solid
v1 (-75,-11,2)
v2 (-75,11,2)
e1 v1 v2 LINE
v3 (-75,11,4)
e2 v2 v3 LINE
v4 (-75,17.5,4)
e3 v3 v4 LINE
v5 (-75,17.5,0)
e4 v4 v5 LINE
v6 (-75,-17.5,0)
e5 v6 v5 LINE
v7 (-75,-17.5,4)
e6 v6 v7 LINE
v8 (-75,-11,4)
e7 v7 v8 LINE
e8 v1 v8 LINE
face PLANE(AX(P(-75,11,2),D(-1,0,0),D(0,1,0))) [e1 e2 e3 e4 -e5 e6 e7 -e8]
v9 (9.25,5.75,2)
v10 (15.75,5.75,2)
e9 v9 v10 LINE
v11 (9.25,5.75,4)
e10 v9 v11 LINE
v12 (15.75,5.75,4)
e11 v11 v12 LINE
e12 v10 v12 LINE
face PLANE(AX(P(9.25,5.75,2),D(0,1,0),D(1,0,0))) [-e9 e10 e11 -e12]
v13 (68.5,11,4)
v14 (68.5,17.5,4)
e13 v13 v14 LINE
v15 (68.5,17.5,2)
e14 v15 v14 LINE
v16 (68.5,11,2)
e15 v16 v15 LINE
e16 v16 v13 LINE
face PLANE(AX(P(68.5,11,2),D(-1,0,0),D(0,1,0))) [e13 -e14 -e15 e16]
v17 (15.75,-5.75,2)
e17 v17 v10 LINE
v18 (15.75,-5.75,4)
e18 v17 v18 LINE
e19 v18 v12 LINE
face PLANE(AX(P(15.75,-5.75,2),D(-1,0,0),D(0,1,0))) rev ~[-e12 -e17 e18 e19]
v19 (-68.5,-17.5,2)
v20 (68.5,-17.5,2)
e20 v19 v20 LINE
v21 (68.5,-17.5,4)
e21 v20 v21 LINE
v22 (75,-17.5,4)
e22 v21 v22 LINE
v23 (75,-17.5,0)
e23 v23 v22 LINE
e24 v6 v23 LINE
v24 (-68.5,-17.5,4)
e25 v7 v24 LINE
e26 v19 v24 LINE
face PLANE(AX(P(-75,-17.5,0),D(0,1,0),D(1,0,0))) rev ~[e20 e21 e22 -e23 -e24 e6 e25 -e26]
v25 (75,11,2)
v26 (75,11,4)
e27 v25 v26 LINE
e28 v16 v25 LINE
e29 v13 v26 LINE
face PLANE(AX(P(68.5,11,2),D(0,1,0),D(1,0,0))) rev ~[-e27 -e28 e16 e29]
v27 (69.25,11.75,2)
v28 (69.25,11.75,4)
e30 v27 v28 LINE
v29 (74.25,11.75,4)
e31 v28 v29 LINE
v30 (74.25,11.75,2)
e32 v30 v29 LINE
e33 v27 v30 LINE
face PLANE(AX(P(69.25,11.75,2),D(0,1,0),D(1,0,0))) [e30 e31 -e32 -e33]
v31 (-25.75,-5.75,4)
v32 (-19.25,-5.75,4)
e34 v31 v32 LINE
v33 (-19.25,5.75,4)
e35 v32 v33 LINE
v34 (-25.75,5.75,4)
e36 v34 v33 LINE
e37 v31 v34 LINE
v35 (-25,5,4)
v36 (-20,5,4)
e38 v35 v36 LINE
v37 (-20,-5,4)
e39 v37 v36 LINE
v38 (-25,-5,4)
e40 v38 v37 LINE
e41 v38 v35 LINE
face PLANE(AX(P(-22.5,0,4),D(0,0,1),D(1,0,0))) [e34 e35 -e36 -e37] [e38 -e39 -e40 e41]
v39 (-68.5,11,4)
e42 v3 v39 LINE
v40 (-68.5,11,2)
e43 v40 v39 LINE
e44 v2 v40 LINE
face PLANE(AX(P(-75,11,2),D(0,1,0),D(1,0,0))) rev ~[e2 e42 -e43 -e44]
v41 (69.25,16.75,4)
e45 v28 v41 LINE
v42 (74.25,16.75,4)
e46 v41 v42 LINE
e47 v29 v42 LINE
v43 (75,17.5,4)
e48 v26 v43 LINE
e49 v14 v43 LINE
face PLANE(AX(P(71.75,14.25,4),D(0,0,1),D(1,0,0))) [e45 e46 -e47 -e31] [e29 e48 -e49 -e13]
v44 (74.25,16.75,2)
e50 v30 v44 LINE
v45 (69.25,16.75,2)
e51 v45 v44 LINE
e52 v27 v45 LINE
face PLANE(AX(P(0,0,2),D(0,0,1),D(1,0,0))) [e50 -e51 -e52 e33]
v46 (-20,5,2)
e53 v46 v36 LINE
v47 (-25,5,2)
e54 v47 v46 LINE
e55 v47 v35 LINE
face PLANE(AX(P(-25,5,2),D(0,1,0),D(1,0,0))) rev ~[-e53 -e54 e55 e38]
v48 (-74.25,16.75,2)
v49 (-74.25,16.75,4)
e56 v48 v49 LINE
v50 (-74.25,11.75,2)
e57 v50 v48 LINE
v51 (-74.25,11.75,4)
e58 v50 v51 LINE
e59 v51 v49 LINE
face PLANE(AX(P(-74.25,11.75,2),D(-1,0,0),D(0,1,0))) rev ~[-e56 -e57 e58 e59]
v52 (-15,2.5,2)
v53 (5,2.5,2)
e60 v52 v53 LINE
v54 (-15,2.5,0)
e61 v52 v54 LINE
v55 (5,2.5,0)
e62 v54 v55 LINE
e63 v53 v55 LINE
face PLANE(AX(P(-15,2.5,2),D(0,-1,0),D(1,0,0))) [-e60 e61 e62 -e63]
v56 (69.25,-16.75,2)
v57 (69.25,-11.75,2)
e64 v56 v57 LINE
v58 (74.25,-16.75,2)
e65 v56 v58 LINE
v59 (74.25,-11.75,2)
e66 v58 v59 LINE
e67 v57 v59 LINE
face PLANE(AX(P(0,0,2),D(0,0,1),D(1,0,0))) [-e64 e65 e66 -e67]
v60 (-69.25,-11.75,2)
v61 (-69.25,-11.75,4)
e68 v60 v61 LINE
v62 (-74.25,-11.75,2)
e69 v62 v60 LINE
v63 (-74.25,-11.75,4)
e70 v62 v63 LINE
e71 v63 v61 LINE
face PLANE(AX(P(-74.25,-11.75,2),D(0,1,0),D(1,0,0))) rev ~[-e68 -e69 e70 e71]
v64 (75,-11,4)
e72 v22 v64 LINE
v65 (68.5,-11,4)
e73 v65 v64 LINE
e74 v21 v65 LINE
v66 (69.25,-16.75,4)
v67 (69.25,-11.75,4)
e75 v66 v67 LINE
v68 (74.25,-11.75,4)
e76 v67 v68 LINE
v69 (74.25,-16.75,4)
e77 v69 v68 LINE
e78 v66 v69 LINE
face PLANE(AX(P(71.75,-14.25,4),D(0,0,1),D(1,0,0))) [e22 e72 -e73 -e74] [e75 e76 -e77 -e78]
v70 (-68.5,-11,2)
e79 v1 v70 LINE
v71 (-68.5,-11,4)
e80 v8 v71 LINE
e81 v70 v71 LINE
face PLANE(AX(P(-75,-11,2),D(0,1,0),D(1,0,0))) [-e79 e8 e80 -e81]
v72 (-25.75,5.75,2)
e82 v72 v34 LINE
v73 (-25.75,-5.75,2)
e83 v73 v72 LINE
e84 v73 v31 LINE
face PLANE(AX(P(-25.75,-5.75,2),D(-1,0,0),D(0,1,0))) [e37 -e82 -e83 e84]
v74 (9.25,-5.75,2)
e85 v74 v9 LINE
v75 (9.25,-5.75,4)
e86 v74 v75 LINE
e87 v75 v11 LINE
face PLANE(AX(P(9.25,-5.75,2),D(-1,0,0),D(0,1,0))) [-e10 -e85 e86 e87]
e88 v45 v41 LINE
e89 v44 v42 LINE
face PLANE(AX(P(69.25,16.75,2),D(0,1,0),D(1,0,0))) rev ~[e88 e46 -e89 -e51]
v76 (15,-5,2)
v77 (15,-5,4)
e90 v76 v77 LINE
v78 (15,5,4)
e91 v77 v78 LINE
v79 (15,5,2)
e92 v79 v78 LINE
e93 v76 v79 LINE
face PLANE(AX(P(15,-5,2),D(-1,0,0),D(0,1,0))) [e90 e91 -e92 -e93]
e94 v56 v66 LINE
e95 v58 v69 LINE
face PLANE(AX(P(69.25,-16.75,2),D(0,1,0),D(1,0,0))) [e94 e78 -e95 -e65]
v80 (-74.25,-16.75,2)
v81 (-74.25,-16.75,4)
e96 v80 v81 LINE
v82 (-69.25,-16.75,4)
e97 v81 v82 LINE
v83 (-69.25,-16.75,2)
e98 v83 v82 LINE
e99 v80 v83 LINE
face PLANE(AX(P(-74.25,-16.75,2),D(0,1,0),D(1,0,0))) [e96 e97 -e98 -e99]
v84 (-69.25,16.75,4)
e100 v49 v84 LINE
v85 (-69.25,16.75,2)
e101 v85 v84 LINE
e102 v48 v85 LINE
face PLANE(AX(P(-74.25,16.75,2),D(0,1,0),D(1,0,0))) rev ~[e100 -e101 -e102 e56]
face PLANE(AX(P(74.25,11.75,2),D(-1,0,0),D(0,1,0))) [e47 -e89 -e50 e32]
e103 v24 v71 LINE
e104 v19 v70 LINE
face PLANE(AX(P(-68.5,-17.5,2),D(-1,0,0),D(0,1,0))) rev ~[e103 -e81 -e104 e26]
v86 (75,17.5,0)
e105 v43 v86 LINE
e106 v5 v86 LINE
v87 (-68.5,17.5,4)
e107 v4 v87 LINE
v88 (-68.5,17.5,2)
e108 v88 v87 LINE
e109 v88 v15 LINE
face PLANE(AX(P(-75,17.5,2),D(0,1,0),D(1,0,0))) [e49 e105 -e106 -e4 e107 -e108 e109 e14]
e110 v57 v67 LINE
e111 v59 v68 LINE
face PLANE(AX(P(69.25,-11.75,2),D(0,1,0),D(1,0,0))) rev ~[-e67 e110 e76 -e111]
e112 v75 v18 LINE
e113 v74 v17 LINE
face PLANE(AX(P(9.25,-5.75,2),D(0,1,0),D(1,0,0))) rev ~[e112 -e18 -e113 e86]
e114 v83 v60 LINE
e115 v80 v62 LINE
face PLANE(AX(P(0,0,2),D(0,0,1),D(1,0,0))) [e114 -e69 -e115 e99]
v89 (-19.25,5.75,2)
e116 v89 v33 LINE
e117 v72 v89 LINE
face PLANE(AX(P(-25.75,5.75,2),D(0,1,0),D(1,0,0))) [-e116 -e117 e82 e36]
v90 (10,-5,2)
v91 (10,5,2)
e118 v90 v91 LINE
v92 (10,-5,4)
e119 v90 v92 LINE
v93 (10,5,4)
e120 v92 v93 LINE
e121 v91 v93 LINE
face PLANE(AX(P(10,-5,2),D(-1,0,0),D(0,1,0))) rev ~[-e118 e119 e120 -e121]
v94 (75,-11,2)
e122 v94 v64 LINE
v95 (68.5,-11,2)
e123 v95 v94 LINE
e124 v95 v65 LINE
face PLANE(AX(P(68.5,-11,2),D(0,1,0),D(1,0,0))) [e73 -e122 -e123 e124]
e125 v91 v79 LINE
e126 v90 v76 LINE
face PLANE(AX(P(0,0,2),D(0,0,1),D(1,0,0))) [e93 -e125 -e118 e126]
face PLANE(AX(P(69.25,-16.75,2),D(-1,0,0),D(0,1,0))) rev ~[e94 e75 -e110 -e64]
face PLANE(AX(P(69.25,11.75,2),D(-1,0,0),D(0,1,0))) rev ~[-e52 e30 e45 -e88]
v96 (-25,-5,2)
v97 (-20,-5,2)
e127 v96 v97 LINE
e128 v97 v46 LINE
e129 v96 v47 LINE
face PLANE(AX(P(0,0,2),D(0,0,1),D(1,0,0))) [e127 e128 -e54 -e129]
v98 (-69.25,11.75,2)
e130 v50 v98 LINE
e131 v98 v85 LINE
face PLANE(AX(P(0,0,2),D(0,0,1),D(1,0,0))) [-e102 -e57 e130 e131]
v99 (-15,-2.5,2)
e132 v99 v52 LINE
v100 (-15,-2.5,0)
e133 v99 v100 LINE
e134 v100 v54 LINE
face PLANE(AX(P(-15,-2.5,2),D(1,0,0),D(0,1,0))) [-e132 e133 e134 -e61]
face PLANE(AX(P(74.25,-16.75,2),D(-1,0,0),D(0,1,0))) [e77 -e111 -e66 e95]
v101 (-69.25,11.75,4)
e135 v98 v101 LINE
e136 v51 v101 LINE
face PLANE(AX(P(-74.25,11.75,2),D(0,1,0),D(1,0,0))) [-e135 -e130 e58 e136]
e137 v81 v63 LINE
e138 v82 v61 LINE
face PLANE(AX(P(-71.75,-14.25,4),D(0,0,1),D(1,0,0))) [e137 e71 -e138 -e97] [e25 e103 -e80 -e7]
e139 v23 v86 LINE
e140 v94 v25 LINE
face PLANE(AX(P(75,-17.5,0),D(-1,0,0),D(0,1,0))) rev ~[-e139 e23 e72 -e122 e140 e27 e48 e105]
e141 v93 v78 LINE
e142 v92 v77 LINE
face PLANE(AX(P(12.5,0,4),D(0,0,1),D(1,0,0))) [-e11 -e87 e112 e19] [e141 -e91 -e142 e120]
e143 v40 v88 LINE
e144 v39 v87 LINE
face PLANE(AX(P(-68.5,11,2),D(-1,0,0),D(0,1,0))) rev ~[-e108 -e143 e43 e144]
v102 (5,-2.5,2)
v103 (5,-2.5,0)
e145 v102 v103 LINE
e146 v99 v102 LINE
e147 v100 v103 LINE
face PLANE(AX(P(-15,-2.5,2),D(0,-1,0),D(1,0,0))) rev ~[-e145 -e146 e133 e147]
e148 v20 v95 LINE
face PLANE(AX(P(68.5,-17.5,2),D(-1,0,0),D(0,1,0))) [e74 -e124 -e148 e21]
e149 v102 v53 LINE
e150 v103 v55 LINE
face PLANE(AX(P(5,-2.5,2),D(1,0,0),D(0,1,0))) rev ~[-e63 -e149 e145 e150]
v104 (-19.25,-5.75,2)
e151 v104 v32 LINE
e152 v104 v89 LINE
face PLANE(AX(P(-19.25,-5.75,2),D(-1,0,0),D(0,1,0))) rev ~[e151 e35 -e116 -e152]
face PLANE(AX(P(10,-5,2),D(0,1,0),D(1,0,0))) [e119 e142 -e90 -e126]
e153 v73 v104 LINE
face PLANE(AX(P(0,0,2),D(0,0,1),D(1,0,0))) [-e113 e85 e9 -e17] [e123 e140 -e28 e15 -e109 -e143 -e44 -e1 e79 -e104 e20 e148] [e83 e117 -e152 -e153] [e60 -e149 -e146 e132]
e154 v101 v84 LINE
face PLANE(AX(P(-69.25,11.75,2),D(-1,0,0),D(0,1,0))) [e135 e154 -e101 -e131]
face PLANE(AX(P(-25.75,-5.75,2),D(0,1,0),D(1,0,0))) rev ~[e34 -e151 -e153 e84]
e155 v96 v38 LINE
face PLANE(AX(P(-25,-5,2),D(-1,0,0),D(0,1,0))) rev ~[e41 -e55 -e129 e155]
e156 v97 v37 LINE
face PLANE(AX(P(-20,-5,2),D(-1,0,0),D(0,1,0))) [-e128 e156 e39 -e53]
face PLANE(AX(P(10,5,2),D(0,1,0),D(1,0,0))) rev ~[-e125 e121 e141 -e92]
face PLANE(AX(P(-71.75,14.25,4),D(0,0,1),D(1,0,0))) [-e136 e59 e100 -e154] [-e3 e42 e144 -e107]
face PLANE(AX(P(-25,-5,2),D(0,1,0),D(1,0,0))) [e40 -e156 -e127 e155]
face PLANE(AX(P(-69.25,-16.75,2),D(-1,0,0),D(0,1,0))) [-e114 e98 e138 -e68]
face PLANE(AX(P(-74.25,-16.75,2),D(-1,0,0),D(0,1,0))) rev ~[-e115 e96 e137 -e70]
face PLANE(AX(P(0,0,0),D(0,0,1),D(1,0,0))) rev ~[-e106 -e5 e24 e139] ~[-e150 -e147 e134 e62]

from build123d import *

# Parameters (mm, degrees)
SKICA1_W                 = 150
SKICA1_H                 = 35
P_IDAT_VYSUNUT_M2_DEPTH  = 2
SKICA2_W                 = 6.5
SKICA2_H                 = 11.5
SKICA2_W_2               = 5
SKICA2_H_2               = 10
P_IDAT_VYSUNUT_M3_DEPTH  = 2
SKICA3_W                 = 6.5
SKICA3_H                 = 6.5
SKICA3_W_2               = 5
SKICA3_H_2               = 5
P_IDAT_VYSUNUT_M4_DEPTH  = 2
SKICA4_W                 = 20
SKICA4_H                 = 5
ODEBRAT_VYSUNUT_M1_DEPTH = 2


with BuildPart() as part:
    # Skica1 → Přidat vysunutím2 (new body)
    with BuildSketch(Plane.XY):
        Rectangle(SKICA1_W, SKICA1_H)
    extrude(amount=P_IDAT_VYSUNUT_M2_DEPTH)

    # Skica2 → Přidat vysunutím3 (add)
    with BuildSketch(Plane.XY.offset(2)):
        with Locations((-22.5, 0)):
            Rectangle(SKICA2_W, SKICA2_H)
        with Locations((-22.5, 0)):
            Rectangle(SKICA2_W_2, SKICA2_H_2, mode=Mode.SUBTRACT)
        with Locations((12.5, 0)):
            Rectangle(SKICA2_W, SKICA2_H)
        with Locations((12.5, 0)):
            Rectangle(SKICA2_W_2, SKICA2_H_2, mode=Mode.SUBTRACT)
    extrude(amount=P_IDAT_VYSUNUT_M3_DEPTH)

    # Skica3 → Přidat vysunutím4 (add)
    with BuildSketch(Plane.XY.offset(2)):
        with Locations((-71.75, 14.25)):
            Rectangle(SKICA3_W, SKICA3_H)
        with Locations((-71.75, 14.25)):
            Rectangle(SKICA3_W_2, SKICA3_H_2, mode=Mode.SUBTRACT)
        with Locations((71.75, 14.25)):
            Rectangle(SKICA3_W, SKICA3_H)
        with Locations((71.75, 14.25)):
            Rectangle(SKICA3_W_2, SKICA3_H_2, mode=Mode.SUBTRACT)
        with Locations((-71.75, -14.25)):
            Rectangle(SKICA3_W, SKICA3_H)
        with Locations((-71.75, -14.25)):
            Rectangle(SKICA3_W_2, SKICA3_H_2, mode=Mode.SUBTRACT)
        with Locations((71.75, -14.25)):
            Rectangle(SKICA3_W, SKICA3_H)
        with Locations((71.75, -14.25)):
            Rectangle(SKICA3_W_2, SKICA3_H_2, mode=Mode.SUBTRACT)
    extrude(amount=P_IDAT_VYSUNUT_M4_DEPTH)

    # Skica4 → Odebrat vysunutím1 (cut)
    with BuildSketch(Plane.XY.offset(2)):
        with Locations((-5, 0)):
            Rectangle(SKICA4_W, SKICA4_H)
    extrude(amount=-ODEBRAT_VYSUNUT_M1_DEPTH, mode=Mode.SUBTRACT)


solid = part.part
